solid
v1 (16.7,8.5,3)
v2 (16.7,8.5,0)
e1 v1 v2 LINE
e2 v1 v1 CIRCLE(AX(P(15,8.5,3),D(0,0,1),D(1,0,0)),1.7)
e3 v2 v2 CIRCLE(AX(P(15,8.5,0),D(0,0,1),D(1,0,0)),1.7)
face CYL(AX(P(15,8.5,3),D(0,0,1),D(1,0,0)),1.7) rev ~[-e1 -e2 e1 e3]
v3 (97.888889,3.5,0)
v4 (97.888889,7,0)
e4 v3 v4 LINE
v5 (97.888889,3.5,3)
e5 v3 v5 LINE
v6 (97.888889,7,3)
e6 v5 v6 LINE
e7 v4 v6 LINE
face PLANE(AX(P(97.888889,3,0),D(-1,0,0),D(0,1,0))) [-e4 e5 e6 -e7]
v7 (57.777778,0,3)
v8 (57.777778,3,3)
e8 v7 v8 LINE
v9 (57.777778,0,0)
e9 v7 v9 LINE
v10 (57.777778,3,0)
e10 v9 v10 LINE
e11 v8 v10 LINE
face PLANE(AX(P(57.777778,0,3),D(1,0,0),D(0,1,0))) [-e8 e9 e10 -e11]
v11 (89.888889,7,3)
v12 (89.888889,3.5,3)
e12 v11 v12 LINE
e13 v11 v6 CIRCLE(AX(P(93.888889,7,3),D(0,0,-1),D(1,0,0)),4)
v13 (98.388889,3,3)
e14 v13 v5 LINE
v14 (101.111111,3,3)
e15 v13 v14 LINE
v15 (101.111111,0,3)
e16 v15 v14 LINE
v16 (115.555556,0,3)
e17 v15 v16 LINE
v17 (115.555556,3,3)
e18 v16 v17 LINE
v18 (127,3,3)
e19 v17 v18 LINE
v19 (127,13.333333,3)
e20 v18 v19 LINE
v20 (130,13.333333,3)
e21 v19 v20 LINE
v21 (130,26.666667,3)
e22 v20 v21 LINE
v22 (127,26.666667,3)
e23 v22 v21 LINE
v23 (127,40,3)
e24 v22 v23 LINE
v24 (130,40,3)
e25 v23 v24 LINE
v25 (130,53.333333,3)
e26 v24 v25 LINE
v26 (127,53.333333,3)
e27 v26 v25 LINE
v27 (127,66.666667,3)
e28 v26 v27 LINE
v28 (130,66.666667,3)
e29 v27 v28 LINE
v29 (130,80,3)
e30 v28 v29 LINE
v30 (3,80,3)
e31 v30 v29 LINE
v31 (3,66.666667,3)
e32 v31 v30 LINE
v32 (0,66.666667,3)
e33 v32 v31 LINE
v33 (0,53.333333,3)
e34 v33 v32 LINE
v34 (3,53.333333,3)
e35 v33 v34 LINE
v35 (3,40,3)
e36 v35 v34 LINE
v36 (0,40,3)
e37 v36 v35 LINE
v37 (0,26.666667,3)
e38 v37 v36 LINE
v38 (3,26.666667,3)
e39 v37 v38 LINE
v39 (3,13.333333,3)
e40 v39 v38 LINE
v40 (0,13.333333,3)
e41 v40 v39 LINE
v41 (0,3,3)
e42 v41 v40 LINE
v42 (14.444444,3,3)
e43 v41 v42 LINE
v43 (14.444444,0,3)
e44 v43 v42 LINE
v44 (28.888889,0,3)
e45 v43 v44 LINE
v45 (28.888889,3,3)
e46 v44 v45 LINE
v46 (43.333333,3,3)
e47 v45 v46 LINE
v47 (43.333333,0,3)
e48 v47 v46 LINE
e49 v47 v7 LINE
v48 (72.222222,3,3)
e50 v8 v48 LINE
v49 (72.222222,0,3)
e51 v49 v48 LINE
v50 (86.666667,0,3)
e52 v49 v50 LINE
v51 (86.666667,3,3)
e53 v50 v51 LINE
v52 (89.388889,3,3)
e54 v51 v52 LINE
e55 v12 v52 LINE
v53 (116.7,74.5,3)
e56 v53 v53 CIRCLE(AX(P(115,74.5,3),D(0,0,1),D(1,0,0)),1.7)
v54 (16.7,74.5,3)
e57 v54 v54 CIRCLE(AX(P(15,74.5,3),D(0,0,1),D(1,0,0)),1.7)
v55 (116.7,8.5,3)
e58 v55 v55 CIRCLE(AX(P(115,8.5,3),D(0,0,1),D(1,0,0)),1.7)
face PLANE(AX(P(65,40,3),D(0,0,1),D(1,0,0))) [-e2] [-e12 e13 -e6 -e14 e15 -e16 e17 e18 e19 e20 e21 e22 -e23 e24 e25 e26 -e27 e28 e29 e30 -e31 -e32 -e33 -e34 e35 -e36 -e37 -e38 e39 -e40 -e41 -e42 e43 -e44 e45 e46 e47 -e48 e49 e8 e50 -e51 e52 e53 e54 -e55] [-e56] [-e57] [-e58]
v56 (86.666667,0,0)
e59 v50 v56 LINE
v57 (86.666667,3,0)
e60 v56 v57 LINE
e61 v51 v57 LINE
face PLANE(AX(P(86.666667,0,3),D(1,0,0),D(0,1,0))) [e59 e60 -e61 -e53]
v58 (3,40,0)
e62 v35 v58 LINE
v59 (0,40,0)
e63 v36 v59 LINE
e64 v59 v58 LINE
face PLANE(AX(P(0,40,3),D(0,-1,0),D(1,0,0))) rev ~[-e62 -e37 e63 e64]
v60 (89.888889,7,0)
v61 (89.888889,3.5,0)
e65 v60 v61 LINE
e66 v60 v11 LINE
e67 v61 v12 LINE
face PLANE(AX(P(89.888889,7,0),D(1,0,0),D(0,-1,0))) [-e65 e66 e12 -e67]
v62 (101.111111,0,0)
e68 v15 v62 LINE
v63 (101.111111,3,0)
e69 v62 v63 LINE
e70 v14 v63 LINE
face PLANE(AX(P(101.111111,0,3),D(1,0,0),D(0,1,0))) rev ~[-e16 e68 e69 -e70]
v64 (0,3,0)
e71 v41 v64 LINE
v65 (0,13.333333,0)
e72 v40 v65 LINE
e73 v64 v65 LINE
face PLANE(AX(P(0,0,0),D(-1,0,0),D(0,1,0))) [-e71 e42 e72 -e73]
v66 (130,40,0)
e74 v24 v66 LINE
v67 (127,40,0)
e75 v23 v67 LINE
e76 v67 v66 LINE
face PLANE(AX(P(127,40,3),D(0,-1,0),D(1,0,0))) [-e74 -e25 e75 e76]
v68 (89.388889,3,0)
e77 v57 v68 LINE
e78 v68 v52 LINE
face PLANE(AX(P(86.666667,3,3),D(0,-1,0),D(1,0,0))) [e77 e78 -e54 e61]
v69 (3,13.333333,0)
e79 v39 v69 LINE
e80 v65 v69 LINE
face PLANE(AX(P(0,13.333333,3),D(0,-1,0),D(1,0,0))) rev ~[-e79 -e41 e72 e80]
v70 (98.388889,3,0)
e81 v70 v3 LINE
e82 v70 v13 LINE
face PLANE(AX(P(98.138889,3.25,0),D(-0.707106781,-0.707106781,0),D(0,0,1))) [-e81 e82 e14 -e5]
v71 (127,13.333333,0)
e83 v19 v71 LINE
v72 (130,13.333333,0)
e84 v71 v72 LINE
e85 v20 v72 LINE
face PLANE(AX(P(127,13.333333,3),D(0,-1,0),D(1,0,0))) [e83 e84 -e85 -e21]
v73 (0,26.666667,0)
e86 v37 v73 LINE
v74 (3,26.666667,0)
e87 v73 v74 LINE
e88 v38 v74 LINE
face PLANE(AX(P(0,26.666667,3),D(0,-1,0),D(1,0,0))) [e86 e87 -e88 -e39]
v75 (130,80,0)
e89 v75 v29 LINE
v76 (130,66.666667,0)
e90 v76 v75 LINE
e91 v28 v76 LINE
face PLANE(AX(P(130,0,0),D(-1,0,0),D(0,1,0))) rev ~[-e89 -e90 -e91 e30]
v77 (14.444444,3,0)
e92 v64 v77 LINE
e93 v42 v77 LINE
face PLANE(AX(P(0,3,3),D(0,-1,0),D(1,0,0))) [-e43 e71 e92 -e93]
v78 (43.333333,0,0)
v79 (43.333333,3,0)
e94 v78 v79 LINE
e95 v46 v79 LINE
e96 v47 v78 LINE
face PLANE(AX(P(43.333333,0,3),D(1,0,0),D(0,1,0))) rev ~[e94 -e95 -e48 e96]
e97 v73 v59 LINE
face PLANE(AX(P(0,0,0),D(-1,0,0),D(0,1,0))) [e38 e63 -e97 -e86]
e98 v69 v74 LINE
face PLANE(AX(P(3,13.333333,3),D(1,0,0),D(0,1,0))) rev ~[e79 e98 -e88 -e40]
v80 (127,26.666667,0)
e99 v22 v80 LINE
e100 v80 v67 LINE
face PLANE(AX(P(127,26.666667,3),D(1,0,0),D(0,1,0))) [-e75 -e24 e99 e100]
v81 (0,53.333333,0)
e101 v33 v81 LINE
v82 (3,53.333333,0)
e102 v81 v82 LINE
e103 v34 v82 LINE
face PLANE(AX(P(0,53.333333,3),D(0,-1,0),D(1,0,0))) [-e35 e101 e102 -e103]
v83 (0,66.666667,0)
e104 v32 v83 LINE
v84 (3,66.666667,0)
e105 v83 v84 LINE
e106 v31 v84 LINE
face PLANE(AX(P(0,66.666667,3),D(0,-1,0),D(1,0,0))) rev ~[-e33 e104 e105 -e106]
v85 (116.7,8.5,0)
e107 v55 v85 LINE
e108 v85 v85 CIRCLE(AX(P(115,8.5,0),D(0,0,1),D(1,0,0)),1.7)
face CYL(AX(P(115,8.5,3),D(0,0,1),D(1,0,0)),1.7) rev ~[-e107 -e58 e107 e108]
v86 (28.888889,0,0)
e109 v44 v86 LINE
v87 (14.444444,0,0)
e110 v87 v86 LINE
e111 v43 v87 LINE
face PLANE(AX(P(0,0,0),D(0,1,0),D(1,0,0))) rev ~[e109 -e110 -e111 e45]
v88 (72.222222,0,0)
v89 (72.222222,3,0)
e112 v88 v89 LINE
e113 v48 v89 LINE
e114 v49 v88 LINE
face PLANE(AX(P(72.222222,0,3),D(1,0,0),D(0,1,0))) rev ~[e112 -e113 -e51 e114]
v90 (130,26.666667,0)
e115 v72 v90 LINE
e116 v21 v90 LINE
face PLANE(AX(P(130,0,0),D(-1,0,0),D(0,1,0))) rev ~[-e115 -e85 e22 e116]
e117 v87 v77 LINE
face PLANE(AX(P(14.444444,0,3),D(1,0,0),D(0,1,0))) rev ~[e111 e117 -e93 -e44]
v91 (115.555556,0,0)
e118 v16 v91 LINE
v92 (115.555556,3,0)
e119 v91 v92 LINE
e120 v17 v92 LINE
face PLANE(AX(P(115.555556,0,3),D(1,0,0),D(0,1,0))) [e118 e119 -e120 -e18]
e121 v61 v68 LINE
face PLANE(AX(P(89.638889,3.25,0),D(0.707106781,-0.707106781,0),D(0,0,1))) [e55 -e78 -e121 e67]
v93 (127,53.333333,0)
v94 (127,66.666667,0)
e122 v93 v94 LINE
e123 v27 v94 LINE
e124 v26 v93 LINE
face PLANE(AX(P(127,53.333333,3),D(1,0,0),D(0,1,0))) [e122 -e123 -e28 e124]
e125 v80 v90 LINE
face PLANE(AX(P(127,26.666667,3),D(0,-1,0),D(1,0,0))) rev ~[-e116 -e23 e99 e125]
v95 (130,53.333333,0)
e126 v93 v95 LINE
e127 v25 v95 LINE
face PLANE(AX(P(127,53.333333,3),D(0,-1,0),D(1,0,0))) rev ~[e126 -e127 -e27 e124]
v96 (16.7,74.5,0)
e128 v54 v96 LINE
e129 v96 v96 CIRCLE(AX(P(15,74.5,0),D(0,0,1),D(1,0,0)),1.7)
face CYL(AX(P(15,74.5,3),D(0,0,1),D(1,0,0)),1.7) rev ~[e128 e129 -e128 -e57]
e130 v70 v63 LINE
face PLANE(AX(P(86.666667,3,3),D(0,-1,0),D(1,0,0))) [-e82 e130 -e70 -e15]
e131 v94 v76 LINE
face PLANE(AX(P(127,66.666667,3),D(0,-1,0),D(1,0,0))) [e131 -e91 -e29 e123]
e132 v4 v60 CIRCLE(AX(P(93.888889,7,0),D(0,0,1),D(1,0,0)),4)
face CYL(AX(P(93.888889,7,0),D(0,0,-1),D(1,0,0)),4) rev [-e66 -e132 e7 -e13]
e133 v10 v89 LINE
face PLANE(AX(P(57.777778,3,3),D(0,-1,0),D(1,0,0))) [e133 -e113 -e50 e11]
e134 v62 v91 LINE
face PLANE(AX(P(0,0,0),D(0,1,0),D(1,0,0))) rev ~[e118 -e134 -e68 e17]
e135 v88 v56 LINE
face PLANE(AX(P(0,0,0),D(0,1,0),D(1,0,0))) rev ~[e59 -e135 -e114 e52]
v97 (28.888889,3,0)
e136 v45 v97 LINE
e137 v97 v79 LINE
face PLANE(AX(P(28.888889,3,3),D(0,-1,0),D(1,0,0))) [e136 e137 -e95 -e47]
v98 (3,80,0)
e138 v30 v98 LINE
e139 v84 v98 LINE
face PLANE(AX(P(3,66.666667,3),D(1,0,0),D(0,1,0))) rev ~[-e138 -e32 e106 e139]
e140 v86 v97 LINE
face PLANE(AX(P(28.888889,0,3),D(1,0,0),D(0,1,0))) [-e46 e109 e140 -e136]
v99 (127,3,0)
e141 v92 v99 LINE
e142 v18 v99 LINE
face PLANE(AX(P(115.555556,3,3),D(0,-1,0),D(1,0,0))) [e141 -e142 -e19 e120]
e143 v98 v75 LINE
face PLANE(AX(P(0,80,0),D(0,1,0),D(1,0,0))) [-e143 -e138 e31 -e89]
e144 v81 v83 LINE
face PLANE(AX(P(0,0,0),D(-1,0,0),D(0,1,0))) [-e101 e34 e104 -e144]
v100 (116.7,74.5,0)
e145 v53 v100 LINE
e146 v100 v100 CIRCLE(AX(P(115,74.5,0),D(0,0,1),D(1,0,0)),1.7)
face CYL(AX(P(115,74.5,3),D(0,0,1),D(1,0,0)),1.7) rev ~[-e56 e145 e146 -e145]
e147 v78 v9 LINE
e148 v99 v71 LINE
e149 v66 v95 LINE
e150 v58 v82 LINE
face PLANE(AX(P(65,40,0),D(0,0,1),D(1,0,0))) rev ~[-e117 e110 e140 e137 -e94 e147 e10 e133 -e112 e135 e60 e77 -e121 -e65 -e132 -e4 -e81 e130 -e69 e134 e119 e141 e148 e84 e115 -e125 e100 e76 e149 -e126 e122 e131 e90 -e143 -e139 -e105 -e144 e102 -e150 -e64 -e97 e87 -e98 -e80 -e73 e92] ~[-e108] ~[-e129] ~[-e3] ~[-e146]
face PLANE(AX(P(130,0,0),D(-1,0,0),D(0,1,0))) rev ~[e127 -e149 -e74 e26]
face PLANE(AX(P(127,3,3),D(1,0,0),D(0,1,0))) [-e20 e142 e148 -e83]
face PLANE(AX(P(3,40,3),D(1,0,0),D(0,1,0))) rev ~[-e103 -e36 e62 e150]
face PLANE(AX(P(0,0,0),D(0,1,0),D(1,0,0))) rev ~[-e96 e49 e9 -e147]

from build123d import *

# Parameters (mm, degrees)
SKETCH1_W                      = 130
SKETCH1_H                      = 80
BOSS_EXTRUDE1_DEPTH            = 3
SKETCH2_W                      = 14.444444444
SKETCH2_H                      = 3
SKETCH2_W_2                    = 3
SKETCH2_H_2                    = 13.333333334
SKETCH2_H_3                    = 13.333333333
CUT_TABS_DEPTH                 = 153.672852859
CUT_CORNERPIECE_HOLES_REACH    = 154.673
SKETCH3_R                      = 1.7
CUT_POWER_CORD_CLEARANCE_REACH = 154.673
CHAMFER1_SIZE                  = 0.5


with BuildPart() as part:
    # Sketch1 → Boss-Extrude1 (new body)
    with BuildSketch(Plane.XY):
        with Locations((65, 40)):
            Rectangle(SKETCH1_W, SKETCH1_H)
    extrude(amount=BOSS_EXTRUDE1_DEPTH)

    # Sketch2 → Cut tabs (cut, through all)
    with BuildSketch(Plane.XY.offset(3)):
        with Locations((7.222222222, 1.5)):
            Rectangle(SKETCH2_W, SKETCH2_H)
        with Locations((36.111111111, 1.5)):
            Rectangle(SKETCH2_W, SKETCH2_H)
        with Locations((65, 1.5)):
            Rectangle(SKETCH2_W, SKETCH2_H)
        with Locations((93.888888889, 1.5)):
            Rectangle(SKETCH2_W, SKETCH2_H)
        Polygon((115.555555556, 0), (115.555555556, 3), (127, 3), (127, 13.333333333), (130, 13.333333333), (130, 0), align=None)
        with Locations((1.5, 20)):
            Rectangle(SKETCH2_W_2, SKETCH2_H_2)
        with Locations((1.5, 46.666666667)):
            Rectangle(SKETCH2_W_2, SKETCH2_H_3)
        with Locations((1.5, 73.333333334)):
            Rectangle(SKETCH2_W_2, SKETCH2_H_3)
        with Locations((128.5, 33.333333334)):
            Rectangle(SKETCH2_W_2, SKETCH2_H_3)
        with Locations((128.5, 60)):
            Rectangle(SKETCH2_W_2, SKETCH2_H_2)
    extrude(amount=-CUT_TABS_DEPTH, mode=Mode.SUBTRACT)

    # Sketch3 → Cut cornerpiece holes (cut, up to next)
    with BuildSketch(Plane.XY.offset(3), mode=Mode.PRIVATE) as cut_cornerpiece_holes_sk1:
        with Locations((15, 74.5)):
            Circle(SKETCH3_R)
    cut_cornerpiece_holes_tool1 = extrude(cut_cornerpiece_holes_sk1.sketch, amount=-CUT_CORNERPIECE_HOLES_REACH, mode=Mode.PRIVATE) & part.part
    # Sketch3 → Cut cornerpiece holes (cut, up to next)
    with BuildSketch(Plane.XY.offset(3), mode=Mode.PRIVATE) as cut_cornerpiece_holes_sk2:
        with Locations((115, 74.5)):
            Circle(SKETCH3_R)
    cut_cornerpiece_holes_tool2 = extrude(cut_cornerpiece_holes_sk2.sketch, amount=-CUT_CORNERPIECE_HOLES_REACH, mode=Mode.PRIVATE) & part.part
    # Sketch3 → Cut cornerpiece holes (cut, up to next)
    with BuildSketch(Plane.XY.offset(3), mode=Mode.PRIVATE) as cut_cornerpiece_holes_sk3:
        with Locations((15, 8.5)):
            Circle(SKETCH3_R)
    cut_cornerpiece_holes_tool3 = extrude(cut_cornerpiece_holes_sk3.sketch, amount=-CUT_CORNERPIECE_HOLES_REACH, mode=Mode.PRIVATE) & part.part
    # Sketch3 → Cut cornerpiece holes (cut, up to next)
    with BuildSketch(Plane.XY.offset(3), mode=Mode.PRIVATE) as cut_cornerpiece_holes_sk4:
        with Locations((115, 8.5)):
            Circle(SKETCH3_R)
    cut_cornerpiece_holes_tool4 = extrude(cut_cornerpiece_holes_sk4.sketch, amount=-CUT_CORNERPIECE_HOLES_REACH, mode=Mode.PRIVATE) & part.part
    add(cut_cornerpiece_holes_tool1.solids().sort_by_distance((15, 74.5, 3))[0], mode=Mode.SUBTRACT)
    add(cut_cornerpiece_holes_tool2.solids().sort_by_distance((115, 74.5, 3))[0], mode=Mode.SUBTRACT)
    add(cut_cornerpiece_holes_tool3.solids().sort_by_distance((15, 8.5, 3))[0], mode=Mode.SUBTRACT)
    add(cut_cornerpiece_holes_tool4.solids().sort_by_distance((115, 8.5, 3))[0], mode=Mode.SUBTRACT)

    # Sketch4 → Cut power cord clearance (cut, up to next)
    with BuildSketch(Plane(origin=(0, 0, 0), x_dir=(-1, 0, 0), z_dir=(0, 0, -1)), mode=Mode.PRIVATE) as cut_power_cord_clearance_sk1:
        with BuildLine():
            Line((-97.888888889, 3), (-97.888888889, 7))
            ThreePointArc((-97.888888889, 7), (-93.888888889, 11), (-89.888888889, 7))
            Line((-89.888888889, 7), (-89.888888889, 3))
            Line((-89.888888889, 3), (-97.888888889, 3))
        make_face()
    cut_power_cord_clearance_tool1 = extrude(cut_power_cord_clearance_sk1.sketch, amount=-CUT_POWER_CORD_CLEARANCE_REACH, mode=Mode.PRIVATE) & part.part
    add(cut_power_cord_clearance_tool1.solids().sort_by_distance((93.888889, 6.626601, 0))[0], mode=Mode.SUBTRACT)

    # Chamfer1
    chamfer1_edges = [part.edges().sort_by_distance(p)[0] for p in [
        (89.888888889, 3, 1.5),
        (97.888888889, 3, 1.5),
    ]]
    chamfer(chamfer1_edges, length=CHAMFER1_SIZE)


solid = part.part
